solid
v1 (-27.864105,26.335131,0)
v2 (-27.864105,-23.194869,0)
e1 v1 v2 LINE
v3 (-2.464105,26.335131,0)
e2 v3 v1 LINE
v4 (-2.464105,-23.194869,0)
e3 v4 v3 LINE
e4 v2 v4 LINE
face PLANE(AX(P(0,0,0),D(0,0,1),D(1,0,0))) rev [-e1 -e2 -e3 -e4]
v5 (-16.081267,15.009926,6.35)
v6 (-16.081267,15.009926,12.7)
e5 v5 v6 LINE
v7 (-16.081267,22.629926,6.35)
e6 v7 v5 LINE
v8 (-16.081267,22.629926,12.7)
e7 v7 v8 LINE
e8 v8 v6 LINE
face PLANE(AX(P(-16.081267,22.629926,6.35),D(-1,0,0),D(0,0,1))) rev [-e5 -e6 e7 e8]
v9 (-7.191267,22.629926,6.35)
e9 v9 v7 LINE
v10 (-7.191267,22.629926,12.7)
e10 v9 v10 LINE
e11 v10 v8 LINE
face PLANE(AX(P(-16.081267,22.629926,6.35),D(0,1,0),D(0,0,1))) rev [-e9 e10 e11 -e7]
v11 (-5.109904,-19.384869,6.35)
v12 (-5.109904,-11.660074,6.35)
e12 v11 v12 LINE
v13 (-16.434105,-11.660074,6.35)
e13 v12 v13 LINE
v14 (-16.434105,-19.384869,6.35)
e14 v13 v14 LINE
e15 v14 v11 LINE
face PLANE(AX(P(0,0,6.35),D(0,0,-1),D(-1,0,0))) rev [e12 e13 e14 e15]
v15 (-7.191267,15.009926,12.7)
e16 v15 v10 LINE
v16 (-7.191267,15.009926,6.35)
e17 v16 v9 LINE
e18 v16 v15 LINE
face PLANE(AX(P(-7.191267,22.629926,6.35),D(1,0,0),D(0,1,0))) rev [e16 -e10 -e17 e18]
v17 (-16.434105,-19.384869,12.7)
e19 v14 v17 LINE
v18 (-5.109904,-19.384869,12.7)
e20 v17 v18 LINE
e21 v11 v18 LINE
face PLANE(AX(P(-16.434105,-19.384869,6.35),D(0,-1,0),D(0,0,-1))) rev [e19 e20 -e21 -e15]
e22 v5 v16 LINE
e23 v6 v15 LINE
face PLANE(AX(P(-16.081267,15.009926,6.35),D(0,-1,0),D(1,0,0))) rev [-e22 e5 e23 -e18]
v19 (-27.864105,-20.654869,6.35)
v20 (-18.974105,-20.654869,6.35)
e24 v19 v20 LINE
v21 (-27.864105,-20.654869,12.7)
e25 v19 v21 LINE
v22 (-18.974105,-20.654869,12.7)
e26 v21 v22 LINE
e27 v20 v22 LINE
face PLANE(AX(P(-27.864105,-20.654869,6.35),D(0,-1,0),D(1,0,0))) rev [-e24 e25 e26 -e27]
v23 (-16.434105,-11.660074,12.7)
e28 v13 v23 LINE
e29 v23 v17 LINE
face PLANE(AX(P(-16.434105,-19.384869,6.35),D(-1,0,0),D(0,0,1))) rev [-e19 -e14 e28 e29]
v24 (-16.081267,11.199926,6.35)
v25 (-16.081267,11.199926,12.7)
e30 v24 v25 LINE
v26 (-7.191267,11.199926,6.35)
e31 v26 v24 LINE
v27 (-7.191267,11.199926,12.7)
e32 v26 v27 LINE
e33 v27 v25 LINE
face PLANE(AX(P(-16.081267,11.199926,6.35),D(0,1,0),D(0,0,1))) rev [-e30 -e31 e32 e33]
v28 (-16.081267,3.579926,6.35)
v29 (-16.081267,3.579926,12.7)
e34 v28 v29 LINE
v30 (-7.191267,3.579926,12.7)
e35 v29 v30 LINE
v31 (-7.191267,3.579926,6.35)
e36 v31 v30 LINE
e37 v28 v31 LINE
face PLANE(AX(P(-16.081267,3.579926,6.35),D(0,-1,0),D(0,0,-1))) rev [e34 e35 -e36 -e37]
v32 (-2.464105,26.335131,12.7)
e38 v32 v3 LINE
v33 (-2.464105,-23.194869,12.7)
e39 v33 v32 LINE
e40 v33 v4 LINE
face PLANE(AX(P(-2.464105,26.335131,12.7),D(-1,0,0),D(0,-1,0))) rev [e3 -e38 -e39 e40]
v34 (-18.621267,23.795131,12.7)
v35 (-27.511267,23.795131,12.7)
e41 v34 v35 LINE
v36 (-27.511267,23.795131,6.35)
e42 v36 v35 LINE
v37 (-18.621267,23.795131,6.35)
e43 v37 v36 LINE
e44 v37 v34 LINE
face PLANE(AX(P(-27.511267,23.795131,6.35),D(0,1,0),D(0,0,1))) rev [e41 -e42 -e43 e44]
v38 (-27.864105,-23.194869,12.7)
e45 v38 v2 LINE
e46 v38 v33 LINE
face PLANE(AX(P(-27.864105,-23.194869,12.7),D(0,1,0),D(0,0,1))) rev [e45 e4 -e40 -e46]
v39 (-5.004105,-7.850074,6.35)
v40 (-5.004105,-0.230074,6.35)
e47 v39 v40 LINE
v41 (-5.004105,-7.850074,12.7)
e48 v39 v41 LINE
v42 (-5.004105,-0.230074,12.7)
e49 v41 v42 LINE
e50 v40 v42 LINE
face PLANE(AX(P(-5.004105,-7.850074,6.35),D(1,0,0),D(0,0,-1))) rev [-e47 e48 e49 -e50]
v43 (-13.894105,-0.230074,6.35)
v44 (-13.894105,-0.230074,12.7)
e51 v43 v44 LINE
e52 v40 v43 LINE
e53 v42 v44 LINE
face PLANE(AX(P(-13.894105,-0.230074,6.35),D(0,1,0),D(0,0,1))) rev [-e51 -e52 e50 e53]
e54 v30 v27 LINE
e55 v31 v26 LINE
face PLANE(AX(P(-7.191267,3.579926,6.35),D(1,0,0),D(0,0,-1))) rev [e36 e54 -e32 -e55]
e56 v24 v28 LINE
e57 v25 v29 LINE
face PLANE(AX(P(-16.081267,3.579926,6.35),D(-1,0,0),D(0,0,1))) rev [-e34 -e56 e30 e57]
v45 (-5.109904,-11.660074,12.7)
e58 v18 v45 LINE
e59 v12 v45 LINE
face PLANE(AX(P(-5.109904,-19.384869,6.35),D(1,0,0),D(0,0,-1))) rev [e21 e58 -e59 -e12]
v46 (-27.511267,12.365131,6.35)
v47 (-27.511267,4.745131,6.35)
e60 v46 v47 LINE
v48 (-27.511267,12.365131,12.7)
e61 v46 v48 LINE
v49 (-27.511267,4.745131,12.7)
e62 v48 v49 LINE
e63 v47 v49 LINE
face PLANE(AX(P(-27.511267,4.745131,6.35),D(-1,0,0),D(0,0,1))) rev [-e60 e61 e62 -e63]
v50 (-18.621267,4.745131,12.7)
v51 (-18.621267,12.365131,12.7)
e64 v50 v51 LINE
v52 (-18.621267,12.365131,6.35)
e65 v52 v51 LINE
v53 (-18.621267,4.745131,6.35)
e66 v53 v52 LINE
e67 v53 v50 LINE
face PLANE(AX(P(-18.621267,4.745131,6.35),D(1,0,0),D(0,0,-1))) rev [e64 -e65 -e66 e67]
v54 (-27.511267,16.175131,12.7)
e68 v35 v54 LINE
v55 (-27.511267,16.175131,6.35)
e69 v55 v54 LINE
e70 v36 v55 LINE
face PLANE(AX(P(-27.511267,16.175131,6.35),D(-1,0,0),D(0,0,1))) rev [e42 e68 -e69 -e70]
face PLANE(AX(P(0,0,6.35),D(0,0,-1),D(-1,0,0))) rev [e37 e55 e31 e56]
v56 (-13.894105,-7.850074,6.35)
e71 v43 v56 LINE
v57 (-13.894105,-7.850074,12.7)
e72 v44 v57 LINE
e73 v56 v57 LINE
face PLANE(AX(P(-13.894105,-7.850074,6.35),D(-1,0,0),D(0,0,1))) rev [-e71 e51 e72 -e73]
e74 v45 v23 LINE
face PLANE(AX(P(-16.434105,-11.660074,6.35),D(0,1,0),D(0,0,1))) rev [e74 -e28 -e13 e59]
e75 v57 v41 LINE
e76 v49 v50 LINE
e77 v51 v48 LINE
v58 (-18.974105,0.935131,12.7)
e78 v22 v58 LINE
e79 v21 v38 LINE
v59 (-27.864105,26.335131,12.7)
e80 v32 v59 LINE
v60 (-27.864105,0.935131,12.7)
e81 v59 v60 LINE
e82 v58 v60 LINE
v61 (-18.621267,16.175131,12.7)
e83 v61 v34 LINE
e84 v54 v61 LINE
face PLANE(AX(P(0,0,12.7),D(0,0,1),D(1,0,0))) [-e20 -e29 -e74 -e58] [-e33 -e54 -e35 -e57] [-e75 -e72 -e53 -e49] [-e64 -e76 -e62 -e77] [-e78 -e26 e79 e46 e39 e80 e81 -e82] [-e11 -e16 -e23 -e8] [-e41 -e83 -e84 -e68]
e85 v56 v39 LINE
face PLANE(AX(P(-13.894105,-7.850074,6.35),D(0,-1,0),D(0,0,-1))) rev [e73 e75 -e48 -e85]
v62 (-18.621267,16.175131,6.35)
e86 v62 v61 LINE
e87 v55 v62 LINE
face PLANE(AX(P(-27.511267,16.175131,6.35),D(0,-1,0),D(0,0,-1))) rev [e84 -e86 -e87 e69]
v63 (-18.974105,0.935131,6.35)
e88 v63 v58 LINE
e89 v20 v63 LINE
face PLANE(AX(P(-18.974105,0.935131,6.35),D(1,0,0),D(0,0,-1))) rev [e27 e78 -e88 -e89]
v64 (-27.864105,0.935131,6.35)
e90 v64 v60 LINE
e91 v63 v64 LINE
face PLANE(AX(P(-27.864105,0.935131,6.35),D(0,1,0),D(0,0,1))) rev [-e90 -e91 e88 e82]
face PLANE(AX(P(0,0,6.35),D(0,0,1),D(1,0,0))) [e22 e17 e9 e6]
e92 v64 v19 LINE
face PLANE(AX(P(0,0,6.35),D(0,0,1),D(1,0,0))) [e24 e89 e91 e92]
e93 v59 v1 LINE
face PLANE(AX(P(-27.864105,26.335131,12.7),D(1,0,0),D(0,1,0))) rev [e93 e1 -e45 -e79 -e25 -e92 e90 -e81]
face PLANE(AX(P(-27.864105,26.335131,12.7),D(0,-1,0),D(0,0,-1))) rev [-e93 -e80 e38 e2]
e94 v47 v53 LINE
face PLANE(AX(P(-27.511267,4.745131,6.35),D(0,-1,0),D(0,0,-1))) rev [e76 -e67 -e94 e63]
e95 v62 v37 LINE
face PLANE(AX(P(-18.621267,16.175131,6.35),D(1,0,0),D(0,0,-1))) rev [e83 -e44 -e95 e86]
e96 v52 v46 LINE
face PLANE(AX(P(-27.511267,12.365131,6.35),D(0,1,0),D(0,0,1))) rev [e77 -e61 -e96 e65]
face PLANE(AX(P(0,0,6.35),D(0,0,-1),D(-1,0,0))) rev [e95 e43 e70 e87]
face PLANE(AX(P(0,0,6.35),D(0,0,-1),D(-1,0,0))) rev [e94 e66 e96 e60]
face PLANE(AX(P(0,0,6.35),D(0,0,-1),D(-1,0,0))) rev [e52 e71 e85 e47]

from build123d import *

# Parameters (mm, degrees)
SKETCH1_W           = 25.4
SKETCH1_H           = 49.53
BOSS_EXTRUDE2_DEPTH = 12.7
SKETCH2_W           = 8.89
SKETCH2_H           = 21.59
SKETCH2_W_2         = 11.324200872
SKETCH2_H_2         = 7.724794812
SKETCH2_H_3         = 7.62
CUT_EXTRUDE1_DEPTH  = 6.35


with BuildPart() as part:
    # Sketch1 → Boss-Extrude2 (new body)
    with BuildSketch(Plane.XY):
        with Locations((-15.1641049, 1.570131369)):
            Rectangle(SKETCH1_W, SKETCH1_H)
    extrude(amount=BOSS_EXTRUDE2_DEPTH)

    # Sketch2 → Cut-Extrude1 (cut)
    with BuildSketch(Plane.XY.offset(12.7)):
        with Locations((-23.4191049, -9.859868631)):
            Rectangle(SKETCH2_W, SKETCH2_H)
        with Locations((-10.772004464, -15.522471225)):
            Rectangle(SKETCH2_W_2, SKETCH2_H_2)
        with Locations((-9.4491049, -4.040073819)):
            Rectangle(SKETCH2_W, SKETCH2_H_3)
        with Locations((-23.066267196, 8.555131369)):
            Rectangle(SKETCH2_W, SKETCH2_H_3)
        with Locations((-11.636267196, 7.389926181)):
            Rectangle(SKETCH2_W, SKETCH2_H_3)
        with Locations((-23.066267196, 19.985131369)):
            Rectangle(SKETCH2_W, SKETCH2_H_3)
        with Locations((-11.636267196, 18.819926181)):
            Rectangle(SKETCH2_W, SKETCH2_H_3)
    extrude(amount=-CUT_EXTRUDE1_DEPTH, mode=Mode.SUBTRACT)


solid = part.part
